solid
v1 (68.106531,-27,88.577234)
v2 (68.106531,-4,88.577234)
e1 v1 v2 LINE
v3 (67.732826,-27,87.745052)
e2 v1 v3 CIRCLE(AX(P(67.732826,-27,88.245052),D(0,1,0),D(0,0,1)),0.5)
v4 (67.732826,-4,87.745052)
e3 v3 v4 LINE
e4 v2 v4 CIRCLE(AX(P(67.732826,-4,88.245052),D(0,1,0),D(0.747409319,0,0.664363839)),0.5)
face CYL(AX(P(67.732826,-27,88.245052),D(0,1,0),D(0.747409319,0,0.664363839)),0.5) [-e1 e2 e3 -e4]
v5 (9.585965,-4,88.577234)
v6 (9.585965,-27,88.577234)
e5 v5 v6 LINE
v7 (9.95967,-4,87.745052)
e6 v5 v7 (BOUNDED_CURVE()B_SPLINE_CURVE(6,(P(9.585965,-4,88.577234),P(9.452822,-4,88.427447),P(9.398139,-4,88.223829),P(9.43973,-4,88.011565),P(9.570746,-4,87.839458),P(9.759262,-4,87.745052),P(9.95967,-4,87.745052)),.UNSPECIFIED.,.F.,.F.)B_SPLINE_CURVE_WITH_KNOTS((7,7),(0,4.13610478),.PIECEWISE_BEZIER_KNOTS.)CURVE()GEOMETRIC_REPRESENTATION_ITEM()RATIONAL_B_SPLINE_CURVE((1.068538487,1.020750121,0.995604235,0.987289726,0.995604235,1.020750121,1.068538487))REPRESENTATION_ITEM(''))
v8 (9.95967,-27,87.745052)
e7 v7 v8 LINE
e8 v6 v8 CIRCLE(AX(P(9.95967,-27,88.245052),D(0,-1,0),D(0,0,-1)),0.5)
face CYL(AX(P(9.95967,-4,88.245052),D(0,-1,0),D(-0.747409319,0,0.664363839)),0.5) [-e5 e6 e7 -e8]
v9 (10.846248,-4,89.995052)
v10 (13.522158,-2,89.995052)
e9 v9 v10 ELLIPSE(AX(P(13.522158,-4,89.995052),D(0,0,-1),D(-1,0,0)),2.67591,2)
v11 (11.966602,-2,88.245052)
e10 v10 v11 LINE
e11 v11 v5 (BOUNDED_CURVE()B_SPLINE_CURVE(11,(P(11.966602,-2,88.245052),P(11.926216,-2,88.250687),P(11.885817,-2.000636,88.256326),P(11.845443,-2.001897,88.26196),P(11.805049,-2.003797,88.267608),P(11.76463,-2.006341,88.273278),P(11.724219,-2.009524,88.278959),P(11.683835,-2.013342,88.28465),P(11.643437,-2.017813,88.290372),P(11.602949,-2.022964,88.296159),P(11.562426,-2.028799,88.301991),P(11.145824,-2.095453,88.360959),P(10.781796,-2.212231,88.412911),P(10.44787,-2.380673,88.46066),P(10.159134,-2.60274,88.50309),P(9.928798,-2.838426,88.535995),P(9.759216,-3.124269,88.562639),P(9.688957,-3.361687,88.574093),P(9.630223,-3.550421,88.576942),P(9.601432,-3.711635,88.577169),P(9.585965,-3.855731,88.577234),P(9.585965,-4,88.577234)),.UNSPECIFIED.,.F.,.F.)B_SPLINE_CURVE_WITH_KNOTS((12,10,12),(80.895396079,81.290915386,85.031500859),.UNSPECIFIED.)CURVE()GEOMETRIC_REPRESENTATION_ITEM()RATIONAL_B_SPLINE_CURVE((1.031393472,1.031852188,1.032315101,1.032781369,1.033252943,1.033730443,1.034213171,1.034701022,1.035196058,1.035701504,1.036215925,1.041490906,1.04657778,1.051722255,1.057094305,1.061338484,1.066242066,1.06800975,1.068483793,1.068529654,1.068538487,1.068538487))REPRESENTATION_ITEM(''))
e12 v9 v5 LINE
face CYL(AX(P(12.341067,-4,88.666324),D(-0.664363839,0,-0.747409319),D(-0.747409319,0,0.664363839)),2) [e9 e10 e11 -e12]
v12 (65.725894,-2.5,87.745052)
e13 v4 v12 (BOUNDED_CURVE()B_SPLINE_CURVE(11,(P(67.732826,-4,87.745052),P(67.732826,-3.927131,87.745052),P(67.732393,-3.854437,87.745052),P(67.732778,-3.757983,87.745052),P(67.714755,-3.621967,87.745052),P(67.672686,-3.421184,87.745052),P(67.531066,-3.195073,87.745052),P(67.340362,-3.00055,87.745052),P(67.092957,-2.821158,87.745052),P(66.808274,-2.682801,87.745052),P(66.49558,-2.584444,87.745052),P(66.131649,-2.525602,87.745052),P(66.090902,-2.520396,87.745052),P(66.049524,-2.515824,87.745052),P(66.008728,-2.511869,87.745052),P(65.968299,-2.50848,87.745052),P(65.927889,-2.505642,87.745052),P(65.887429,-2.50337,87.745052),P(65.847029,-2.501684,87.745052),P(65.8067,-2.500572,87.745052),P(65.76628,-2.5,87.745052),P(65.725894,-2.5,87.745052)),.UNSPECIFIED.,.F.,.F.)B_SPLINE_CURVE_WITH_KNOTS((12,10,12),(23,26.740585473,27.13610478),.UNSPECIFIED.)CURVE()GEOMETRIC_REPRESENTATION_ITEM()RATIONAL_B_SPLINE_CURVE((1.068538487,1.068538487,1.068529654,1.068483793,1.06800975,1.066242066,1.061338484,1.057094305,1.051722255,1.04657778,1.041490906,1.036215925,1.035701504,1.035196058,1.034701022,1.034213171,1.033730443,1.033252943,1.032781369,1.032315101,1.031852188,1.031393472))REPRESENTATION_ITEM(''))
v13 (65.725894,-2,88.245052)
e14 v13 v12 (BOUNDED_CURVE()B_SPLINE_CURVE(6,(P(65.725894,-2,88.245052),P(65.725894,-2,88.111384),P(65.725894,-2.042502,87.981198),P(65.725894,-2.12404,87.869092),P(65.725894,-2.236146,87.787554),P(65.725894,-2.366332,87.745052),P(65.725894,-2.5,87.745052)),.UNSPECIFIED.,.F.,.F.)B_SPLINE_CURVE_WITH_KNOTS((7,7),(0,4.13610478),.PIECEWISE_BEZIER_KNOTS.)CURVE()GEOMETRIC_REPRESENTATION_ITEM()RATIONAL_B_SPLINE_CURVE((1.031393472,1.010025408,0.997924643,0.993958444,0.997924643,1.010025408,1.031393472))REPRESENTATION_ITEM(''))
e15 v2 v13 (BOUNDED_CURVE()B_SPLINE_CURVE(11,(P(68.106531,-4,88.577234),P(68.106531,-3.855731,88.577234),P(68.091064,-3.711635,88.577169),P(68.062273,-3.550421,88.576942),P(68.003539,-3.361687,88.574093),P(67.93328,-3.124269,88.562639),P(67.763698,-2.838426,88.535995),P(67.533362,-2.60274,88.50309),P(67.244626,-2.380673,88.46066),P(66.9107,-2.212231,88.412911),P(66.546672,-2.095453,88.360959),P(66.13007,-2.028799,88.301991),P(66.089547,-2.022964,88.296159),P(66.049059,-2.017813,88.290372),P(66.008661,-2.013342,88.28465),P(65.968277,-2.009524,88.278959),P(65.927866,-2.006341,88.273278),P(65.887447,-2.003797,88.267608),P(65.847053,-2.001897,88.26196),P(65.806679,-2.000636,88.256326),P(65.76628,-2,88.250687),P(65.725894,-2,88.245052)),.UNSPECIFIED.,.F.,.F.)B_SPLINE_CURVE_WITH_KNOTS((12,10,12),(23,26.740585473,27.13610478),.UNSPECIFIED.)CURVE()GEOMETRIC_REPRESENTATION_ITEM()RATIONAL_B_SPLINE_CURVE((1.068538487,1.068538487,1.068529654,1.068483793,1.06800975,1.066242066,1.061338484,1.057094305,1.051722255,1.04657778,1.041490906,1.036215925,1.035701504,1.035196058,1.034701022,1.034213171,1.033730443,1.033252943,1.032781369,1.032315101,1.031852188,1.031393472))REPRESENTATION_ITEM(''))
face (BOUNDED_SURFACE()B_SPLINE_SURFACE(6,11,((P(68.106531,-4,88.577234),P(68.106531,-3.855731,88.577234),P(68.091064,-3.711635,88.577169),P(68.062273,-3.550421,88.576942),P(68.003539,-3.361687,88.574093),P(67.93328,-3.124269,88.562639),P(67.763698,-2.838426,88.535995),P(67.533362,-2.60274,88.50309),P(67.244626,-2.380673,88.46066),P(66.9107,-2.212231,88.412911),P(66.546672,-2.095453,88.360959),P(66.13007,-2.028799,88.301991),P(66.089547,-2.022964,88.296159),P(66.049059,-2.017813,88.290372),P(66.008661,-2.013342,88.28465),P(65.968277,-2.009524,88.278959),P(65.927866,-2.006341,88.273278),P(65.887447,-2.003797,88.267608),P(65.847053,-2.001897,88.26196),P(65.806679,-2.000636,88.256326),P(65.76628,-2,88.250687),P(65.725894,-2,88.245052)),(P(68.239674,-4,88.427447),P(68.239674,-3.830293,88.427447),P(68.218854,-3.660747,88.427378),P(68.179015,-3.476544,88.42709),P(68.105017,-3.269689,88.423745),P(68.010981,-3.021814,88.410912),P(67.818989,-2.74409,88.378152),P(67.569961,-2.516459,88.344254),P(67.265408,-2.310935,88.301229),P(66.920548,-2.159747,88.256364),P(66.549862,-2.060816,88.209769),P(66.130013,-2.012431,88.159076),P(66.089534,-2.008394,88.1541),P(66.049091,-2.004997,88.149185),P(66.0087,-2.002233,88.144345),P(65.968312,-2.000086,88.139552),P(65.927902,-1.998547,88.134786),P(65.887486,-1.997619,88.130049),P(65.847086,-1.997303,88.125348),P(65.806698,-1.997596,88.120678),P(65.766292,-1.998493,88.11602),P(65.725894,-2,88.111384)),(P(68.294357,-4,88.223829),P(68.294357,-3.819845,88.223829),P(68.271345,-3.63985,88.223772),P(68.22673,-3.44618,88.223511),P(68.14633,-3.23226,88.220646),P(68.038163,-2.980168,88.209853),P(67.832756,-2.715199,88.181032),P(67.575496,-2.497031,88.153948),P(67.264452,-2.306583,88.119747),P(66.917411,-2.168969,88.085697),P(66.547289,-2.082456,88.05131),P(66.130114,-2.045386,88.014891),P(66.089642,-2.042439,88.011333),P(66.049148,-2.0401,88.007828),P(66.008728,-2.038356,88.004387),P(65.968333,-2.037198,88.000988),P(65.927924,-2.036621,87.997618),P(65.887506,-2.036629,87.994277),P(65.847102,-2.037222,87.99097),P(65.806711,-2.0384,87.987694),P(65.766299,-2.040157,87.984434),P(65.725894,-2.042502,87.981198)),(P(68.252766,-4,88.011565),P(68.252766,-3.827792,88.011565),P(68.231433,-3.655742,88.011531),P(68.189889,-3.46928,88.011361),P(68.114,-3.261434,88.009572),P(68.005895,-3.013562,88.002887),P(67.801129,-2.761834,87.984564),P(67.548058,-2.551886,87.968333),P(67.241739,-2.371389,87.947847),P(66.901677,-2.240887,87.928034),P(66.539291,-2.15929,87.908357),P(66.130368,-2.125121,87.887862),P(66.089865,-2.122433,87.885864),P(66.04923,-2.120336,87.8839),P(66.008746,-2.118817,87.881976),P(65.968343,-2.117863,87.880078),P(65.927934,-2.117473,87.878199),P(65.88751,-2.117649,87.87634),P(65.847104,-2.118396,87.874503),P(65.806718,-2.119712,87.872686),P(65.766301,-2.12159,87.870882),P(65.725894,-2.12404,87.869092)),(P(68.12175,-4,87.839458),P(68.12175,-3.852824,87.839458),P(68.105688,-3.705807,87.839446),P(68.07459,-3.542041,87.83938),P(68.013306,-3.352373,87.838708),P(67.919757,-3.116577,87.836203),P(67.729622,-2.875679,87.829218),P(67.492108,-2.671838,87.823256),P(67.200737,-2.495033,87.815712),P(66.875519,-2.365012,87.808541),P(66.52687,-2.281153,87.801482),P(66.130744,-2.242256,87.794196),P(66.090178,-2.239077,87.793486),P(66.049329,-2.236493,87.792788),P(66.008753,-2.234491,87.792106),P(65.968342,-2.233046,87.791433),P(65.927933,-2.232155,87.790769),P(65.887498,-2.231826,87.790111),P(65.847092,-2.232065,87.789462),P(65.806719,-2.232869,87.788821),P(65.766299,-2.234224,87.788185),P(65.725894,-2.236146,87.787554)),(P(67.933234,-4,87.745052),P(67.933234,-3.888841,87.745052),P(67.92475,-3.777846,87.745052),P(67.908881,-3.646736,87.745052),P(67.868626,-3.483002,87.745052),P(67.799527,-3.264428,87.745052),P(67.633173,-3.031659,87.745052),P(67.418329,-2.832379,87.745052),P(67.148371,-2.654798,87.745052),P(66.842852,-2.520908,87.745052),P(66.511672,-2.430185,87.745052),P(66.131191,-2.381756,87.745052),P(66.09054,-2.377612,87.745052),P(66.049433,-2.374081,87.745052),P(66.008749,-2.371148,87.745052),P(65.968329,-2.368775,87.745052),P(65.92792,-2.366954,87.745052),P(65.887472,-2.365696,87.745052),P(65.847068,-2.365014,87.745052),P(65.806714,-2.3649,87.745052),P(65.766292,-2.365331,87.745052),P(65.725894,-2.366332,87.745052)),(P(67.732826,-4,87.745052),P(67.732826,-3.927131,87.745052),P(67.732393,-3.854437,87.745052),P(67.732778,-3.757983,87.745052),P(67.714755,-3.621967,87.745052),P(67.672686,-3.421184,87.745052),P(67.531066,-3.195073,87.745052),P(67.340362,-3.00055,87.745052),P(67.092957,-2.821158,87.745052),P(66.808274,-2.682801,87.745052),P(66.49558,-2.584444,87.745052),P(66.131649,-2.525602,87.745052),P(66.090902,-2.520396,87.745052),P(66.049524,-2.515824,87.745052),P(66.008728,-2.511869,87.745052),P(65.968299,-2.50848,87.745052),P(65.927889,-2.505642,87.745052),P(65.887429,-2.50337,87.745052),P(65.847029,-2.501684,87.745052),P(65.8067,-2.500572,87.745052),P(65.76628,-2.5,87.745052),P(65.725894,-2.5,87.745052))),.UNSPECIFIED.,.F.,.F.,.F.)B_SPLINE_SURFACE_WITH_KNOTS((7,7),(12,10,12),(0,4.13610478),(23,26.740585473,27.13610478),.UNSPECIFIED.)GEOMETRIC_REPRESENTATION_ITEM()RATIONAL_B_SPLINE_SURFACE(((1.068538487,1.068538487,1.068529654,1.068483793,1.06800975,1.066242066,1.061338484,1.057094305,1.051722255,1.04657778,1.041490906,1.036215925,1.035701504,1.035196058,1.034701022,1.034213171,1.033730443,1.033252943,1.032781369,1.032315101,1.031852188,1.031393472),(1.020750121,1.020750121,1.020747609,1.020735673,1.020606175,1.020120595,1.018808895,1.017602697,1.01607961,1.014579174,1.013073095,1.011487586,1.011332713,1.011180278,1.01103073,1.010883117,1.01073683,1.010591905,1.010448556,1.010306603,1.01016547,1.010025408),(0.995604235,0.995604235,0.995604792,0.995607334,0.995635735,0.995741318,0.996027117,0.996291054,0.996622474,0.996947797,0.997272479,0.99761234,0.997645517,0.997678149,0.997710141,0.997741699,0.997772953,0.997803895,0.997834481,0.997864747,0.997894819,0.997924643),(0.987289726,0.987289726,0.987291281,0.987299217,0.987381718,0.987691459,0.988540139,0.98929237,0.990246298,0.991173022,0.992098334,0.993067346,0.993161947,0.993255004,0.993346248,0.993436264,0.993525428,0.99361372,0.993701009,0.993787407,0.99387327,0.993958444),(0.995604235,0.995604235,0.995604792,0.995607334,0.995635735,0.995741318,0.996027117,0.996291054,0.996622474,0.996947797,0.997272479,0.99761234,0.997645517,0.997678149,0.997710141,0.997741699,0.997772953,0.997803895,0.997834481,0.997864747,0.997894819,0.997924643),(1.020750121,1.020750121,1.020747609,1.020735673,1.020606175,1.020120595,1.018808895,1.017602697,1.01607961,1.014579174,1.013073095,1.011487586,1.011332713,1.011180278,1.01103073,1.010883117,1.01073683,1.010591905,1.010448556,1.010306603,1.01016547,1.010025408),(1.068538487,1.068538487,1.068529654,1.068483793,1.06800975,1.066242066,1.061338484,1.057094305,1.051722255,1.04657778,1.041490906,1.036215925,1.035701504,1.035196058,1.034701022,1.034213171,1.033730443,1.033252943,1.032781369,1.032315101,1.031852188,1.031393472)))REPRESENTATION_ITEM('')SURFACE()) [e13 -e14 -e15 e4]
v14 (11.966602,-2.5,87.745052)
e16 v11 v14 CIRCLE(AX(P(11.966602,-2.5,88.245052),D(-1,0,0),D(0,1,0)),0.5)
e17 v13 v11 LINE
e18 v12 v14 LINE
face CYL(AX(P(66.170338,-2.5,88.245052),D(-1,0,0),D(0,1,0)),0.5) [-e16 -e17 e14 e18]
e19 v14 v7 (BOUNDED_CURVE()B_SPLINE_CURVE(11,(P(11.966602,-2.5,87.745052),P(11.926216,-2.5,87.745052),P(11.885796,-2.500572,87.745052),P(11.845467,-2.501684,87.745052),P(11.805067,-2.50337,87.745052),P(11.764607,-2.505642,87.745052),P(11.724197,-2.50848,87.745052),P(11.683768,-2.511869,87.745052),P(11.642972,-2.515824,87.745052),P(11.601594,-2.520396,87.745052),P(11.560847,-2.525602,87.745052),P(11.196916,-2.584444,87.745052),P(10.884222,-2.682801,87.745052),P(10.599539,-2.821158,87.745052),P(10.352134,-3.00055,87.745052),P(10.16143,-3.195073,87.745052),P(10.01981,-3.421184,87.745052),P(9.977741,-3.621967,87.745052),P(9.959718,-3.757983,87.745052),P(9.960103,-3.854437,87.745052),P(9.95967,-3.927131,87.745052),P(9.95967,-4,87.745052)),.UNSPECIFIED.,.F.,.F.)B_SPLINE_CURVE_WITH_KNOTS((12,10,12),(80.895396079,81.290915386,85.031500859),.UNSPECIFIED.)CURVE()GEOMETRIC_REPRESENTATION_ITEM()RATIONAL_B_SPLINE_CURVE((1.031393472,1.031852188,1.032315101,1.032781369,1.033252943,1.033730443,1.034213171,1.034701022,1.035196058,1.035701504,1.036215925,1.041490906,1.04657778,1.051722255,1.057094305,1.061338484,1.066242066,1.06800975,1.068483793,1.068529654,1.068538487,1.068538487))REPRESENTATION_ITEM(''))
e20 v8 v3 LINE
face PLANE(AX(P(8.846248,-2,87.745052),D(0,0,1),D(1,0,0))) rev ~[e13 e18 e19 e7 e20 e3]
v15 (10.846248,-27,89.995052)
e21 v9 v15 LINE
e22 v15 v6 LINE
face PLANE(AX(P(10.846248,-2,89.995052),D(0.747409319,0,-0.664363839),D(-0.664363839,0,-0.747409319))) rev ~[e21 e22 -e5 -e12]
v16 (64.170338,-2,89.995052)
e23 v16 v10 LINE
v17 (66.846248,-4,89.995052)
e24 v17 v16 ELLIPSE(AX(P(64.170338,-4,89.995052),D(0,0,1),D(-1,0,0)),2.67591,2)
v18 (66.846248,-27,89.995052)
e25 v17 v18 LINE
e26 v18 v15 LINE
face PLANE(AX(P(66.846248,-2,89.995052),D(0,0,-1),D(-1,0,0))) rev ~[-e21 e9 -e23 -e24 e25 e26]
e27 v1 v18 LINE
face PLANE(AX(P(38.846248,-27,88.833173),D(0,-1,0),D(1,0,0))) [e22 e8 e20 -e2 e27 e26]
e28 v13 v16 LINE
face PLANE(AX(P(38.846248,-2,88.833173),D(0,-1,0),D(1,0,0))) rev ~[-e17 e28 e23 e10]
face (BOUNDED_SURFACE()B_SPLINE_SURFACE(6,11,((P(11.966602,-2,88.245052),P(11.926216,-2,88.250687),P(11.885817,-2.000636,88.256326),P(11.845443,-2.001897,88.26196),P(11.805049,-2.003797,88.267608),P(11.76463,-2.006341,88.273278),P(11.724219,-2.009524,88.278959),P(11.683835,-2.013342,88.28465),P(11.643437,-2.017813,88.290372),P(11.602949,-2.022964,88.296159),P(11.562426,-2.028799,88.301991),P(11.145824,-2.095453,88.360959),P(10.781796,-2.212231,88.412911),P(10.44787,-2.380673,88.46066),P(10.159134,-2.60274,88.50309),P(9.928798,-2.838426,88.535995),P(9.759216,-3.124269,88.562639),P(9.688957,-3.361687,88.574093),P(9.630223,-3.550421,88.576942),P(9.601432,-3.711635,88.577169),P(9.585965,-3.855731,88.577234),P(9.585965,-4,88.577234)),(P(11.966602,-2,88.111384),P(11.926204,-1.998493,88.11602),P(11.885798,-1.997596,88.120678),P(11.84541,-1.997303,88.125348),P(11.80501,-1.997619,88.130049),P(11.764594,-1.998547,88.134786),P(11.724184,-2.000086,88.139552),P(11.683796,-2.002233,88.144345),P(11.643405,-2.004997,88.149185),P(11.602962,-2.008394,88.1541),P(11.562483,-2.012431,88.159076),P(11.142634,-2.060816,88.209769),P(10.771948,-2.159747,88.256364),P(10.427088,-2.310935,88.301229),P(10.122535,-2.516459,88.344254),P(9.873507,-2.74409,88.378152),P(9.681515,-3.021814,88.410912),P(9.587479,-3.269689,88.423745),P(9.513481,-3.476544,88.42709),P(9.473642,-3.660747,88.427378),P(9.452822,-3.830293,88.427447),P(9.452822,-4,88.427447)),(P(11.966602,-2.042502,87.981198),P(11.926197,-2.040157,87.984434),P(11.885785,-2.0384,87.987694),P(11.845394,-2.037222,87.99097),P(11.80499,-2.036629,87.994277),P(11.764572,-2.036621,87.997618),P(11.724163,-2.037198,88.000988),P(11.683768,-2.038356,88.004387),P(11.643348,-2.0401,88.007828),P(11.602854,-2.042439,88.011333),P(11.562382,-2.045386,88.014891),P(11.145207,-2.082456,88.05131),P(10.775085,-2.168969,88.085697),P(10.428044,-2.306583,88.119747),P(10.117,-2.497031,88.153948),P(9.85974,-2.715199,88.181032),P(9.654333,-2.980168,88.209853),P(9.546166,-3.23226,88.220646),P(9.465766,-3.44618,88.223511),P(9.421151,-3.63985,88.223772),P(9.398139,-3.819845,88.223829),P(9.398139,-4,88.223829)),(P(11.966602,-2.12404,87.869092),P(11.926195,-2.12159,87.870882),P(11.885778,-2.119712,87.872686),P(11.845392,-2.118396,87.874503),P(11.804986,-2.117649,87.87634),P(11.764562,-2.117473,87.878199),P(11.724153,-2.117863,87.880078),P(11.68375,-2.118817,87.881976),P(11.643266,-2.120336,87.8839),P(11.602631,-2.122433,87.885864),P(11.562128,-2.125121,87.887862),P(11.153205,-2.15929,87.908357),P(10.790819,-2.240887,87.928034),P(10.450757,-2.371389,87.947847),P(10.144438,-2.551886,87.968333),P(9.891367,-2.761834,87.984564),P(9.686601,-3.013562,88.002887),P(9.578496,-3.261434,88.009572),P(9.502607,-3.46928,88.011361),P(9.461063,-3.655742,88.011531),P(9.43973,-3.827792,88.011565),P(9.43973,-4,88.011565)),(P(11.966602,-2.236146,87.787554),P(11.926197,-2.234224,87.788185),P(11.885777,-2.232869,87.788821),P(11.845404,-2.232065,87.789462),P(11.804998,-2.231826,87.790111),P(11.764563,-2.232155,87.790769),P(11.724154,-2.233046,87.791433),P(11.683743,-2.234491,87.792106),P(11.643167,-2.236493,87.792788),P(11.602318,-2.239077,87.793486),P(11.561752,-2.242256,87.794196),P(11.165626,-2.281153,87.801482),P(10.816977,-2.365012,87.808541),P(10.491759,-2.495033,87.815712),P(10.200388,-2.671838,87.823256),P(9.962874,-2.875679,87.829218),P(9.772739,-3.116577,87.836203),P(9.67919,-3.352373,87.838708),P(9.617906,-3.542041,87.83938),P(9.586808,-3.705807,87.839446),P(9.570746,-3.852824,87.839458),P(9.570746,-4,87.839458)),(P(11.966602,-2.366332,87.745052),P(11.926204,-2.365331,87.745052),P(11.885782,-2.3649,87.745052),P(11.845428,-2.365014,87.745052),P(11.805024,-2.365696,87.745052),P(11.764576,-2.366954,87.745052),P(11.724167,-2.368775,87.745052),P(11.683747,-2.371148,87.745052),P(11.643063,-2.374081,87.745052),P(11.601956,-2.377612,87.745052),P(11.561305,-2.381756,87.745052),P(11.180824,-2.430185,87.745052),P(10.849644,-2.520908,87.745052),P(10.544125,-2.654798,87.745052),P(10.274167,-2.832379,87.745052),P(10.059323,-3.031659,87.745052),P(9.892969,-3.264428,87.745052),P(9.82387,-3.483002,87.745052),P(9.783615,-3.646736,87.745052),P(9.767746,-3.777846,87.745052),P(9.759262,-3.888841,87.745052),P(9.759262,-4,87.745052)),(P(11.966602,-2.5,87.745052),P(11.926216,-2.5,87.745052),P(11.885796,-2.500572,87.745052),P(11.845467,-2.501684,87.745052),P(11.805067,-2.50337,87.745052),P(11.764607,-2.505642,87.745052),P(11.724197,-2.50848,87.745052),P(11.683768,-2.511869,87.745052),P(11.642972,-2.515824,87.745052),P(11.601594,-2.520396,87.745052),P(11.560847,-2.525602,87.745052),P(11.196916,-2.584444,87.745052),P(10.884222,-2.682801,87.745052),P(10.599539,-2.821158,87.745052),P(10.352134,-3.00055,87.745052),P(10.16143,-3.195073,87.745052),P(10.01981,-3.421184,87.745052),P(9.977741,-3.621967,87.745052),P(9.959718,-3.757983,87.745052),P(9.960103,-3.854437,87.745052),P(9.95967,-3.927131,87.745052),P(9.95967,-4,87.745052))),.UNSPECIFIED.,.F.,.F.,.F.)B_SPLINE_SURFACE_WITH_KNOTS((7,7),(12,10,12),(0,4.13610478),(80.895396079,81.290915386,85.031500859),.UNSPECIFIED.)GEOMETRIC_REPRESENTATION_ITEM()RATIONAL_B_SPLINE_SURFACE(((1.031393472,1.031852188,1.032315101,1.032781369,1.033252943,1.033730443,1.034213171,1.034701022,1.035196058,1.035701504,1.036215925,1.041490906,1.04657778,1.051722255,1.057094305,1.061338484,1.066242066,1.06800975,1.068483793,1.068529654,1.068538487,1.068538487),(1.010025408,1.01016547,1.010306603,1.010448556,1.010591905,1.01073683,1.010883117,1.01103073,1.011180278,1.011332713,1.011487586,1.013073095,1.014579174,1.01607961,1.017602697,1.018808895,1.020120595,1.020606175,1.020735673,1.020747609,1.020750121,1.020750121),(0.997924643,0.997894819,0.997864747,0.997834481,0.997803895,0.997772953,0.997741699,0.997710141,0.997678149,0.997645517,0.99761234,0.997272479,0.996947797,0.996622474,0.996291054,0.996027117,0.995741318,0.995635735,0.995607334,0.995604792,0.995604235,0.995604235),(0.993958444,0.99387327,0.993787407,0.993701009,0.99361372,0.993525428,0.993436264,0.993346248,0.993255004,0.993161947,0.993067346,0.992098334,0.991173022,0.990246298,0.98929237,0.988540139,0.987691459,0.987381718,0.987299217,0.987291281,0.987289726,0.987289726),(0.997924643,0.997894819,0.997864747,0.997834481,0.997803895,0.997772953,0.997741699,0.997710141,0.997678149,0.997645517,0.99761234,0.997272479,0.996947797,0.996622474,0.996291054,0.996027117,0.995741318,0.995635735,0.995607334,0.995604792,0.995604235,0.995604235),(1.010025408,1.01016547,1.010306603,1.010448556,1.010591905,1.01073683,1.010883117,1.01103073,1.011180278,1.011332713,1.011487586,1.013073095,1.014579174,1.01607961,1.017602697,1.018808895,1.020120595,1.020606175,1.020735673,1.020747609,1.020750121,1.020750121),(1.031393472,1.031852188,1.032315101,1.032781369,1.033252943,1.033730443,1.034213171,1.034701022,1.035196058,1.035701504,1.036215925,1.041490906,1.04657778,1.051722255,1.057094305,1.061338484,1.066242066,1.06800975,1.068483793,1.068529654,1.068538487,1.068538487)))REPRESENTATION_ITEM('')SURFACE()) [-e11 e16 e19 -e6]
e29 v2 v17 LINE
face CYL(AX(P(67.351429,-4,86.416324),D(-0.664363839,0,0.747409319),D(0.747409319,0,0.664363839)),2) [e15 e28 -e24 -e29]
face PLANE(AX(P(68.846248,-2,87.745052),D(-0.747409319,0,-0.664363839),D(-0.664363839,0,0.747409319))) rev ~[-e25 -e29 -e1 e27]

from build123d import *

# Parameters (mm, degrees)
EXTRUDE013_DEPTH = 25
FILLET039_R      = 2
FILLET040_R      = 0.5


with BuildPart() as part:
    # Sketch018 → Extrude013 (new body)
    with BuildSketch(Plane.XZ):
        Polygon((10.846248, 101.175052), (8.846248, 98.925052), (68.846248, 98.925052), (66.846248, 101.175052), align=None)
    extrude(amount=EXTRUDE013_DEPTH)


with BuildPart() as part_1:
    # Extrude013 placement: moved
    add(part.part.moved(Location((0.5, -6.5, 0))))

    # Fillet039
    fillet039_edges = [part_1.edges().sort_by_distance(p)[0] for p in [
        (10.346248, -6.5, 100.050052),
        (68.346248, -6.5, 100.050052),
    ]]
    fillet(fillet039_edges, radius=FILLET039_R)

    # Fillet040
    fillet040_edges = [part_1.edges().sort_by_distance(p)[0] for p in [
        (9.346248, -20, 98.925052),
        (69.346248, -20, 98.925052),
    ]]
    fillet(fillet040_edges, radius=FILLET040_R)


with BuildPart() as part_2:
    # Fillet040 placement: moved
    add(part_1.part.moved(Location((-0.5, 4.5, -11.18))))


solid = part_2.part
